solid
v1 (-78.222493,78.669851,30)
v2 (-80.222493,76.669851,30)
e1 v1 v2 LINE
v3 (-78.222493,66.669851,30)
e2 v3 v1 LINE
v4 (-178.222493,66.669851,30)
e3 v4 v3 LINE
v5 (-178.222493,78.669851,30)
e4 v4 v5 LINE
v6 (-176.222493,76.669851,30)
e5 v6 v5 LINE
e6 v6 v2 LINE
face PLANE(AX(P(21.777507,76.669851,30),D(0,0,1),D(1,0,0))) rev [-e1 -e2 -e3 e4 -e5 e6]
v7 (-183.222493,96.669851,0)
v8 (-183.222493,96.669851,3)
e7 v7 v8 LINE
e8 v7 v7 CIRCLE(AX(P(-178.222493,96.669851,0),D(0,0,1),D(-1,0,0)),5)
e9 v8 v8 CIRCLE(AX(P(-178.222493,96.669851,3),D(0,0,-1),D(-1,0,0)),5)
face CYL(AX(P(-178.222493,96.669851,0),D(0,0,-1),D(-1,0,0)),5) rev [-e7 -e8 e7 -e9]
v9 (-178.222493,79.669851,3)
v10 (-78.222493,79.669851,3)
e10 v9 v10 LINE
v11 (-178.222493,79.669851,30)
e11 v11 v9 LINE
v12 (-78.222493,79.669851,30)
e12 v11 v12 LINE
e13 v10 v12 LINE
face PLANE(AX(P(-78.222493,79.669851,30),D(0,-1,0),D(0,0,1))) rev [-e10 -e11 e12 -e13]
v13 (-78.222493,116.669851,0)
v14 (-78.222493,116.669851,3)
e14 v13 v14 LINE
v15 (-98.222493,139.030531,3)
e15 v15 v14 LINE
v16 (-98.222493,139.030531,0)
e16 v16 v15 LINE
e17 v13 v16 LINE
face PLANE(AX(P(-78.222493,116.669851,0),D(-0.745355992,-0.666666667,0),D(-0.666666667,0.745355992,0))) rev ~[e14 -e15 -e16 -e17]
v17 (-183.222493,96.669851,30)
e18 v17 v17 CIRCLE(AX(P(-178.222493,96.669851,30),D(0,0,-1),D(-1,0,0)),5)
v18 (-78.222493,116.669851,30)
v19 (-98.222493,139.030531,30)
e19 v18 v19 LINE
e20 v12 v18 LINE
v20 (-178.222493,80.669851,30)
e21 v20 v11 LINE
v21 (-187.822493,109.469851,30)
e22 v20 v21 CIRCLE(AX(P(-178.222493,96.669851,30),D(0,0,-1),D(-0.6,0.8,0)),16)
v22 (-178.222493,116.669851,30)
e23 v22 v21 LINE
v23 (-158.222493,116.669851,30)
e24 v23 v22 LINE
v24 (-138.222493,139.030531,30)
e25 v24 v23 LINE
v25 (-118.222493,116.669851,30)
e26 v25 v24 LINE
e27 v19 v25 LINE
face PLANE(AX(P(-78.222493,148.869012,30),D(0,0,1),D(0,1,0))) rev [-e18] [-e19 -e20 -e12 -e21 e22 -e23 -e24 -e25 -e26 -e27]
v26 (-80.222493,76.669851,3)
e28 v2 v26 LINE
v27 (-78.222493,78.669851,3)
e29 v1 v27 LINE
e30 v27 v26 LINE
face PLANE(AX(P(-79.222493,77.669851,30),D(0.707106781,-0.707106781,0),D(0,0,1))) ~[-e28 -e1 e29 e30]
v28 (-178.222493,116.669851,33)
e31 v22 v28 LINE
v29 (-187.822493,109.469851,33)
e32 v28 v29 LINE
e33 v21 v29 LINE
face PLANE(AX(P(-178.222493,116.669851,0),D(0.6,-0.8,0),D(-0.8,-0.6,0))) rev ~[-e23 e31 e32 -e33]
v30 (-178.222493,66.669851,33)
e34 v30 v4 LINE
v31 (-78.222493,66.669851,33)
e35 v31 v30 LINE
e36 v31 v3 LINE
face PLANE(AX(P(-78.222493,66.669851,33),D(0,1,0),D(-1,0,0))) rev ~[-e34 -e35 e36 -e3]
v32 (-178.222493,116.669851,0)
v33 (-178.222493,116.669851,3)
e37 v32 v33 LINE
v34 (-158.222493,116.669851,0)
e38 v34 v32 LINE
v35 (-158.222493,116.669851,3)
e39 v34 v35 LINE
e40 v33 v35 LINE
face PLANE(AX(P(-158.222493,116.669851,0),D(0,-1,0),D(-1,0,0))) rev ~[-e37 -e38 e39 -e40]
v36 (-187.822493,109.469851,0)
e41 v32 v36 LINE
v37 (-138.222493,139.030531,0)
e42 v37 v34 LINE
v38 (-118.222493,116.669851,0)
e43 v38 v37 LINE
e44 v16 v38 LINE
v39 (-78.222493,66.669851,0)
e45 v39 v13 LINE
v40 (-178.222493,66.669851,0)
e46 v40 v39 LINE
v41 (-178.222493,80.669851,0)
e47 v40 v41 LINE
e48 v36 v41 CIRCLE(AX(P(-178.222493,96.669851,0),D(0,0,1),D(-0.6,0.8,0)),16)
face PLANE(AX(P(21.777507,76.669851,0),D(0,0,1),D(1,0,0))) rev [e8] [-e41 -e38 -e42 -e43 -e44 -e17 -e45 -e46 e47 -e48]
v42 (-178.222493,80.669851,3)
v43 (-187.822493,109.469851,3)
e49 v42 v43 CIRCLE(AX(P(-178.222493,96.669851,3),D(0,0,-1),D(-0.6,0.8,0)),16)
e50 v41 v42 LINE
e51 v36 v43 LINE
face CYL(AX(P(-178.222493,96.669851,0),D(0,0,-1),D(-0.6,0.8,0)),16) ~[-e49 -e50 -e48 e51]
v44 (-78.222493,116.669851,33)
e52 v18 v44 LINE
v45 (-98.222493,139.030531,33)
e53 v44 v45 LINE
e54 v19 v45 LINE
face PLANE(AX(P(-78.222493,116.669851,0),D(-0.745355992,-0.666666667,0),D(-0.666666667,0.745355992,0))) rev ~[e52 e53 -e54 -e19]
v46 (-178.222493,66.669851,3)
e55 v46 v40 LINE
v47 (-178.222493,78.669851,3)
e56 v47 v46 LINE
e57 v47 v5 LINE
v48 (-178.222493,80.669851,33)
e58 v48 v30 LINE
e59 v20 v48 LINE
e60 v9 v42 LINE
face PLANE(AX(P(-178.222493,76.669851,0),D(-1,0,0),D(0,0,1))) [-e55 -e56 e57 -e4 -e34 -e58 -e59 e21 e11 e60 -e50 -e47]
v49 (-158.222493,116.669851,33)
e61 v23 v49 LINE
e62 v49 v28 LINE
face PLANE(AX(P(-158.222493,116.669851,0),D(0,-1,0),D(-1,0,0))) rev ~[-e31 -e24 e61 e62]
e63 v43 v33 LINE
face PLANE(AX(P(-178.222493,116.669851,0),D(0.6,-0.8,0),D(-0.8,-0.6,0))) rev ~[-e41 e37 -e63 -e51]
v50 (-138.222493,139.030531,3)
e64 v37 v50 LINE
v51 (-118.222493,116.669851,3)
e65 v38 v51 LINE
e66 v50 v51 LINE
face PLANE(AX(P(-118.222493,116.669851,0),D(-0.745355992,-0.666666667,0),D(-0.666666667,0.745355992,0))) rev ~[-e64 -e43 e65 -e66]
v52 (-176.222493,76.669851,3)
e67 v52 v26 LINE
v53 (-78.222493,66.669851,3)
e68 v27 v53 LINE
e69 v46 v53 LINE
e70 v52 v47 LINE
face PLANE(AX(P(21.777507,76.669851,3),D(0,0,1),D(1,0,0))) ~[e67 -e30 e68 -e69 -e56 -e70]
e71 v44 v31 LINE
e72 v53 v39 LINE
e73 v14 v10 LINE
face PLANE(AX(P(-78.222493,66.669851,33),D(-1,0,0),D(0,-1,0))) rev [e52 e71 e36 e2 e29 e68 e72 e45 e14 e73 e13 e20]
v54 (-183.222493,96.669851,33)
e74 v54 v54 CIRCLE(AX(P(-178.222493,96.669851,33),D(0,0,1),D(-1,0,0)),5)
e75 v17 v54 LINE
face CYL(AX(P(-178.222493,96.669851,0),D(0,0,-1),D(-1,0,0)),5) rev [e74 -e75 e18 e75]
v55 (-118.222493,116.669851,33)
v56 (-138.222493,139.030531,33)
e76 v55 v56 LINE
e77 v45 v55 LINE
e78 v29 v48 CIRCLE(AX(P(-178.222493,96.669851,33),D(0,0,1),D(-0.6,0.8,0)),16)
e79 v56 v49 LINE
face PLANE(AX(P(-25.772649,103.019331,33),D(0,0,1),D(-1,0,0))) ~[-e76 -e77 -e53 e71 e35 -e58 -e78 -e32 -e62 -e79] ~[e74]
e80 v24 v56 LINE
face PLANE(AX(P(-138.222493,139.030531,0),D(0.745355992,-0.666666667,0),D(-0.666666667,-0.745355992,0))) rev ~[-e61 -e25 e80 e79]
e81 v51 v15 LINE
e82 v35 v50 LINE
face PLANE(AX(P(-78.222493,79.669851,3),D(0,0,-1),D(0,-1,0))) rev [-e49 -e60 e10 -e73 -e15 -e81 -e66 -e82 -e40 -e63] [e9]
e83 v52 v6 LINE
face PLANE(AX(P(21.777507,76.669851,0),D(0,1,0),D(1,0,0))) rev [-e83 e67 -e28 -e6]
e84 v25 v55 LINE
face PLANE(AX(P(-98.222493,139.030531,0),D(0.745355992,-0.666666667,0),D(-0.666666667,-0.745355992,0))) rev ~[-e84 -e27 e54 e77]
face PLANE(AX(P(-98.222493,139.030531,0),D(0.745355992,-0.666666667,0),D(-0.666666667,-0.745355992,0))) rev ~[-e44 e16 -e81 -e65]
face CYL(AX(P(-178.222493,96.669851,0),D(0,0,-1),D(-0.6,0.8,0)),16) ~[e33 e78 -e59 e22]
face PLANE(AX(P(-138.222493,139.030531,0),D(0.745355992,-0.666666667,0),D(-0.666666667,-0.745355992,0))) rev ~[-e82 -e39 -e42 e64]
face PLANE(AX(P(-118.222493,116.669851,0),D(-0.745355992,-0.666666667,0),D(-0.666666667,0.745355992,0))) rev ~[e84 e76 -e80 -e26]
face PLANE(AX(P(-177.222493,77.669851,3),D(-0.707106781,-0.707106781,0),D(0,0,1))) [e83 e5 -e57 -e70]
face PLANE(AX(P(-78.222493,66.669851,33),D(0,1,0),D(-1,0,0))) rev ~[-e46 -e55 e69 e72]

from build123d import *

# Parameters (mm, degrees)
F0_R      = 5
F1_DEPTH  = 33
F5_W      = 100
F5_H      = 3
F6_DEPTH  = 28
F7_W      = 100
F7_H      = 3
F8_DEPTH  = 10
F7_H_2    = 33
F13_DEPTH = 116.001
F14_W     = 100
F14_H     = 3
F15_DEPTH = 10
F18_DEPTH = 33.001
F21_DEPTH = 33.001
F24_DEPTH = 33.001
F25_SIZE  = 2


with BuildPart() as f1:
    # F0 (on Top) → F1 (new body)
    with BuildSketch(Plane.XY):
        with BuildLine():
            Line((21.777506699, 52.6698508731), (21.777506699, 56.6698508731))
            Line((21.777506699, 56.6698508731), (-78.222493301, 56.6698508731))
            Line((-78.222493301, 56.6698508731), (-78.222493301, 16.6698508731))
            Line((-78.222493301, 16.6698508731), (-58.222493301, -5.6908289019))
            Line((-58.222493301, -5.6908289019), (-38.222493301, 16.6698508731))
            Line((-38.222493301, 16.6698508731), (-18.222493301, -5.6908289019))
            Line((-18.222493301, -5.6908289019), (1.777506699, 16.6698508731))
            Line((1.777506699, 16.6698508731), (21.777506699, 16.6698508731))
            Line((21.777506699, 16.6698508731), (31.377506699, 23.8698508731))
            ThreePointArc((31.377506699, 23.8698508731), (36.9564394679, 41.7294951294), (21.777506699, 52.6698508731))
        make_face()
        with Locations((21.777506699, 36.6698508731)):
            Circle(F0_R, mode=Mode.SUBTRACT)
    extrude(amount=F1_DEPTH)


with BuildPart() as f2_1:
    # F2: copy of F1
    add(f1.part.moved(Location((0, 0, 28))))


with BuildPart() as f4_1:
    # F4: copy of F1
    add(f1.part.moved(Location((0, 0, 34))))


with BuildPart() as f6:
    # F5 (on face) → F6 (new body)
    with BuildSketch(Plane.XY.offset(33)):
        with Locations((-28.222493301, 55.1698508731)):
            Rectangle(F5_W, F5_H)
    extrude(amount=F6_DEPTH)


with BuildPart() as f8:
    # F7 (on face) → F8 (new body)
    with BuildSketch(Plane(origin=(0, 56.6698508731, 0), x_dir=(-1, 0, 0), z_dir=(0, 1, 0))):
        with Locations((28.222493301, 62.5)):
            Rectangle(F7_W, F7_H)
    extrude(amount=F8_DEPTH)


with BuildPart() as f8b:
    # F7 (on face) → F8, piece 2 (new body)
    with BuildSketch(Plane(origin=(0, 56.6698508731, 0), x_dir=(-1, 0, 0), z_dir=(0, 1, 0))):
        with Locations((28.222493301, 16.5)):
            Rectangle(F7_W, F7_H_2)
    extrude(amount=F8_DEPTH)


with BuildPart() as f1_1:
    add(f1.part)

    # F12 (on face) → F13 (cut, through all)
    with BuildSketch(Plane(origin=(-78.222493301, 0, 0), x_dir=(0, -1, 0), z_dir=(-1, 0, 0))):
        Polygon((15.5293103307, 30), (-53.6698508731, 30), (-53.6698508731, 3), (13.7041052803, 3), align=None)
    extrude(amount=-F13_DEPTH, mode=Mode.SUBTRACT)

    # F14 (on face) → F15 (join)
    with BuildSketch(Plane(origin=(0, 56.6698508731, 0), x_dir=(-1, 0, 0), z_dir=(0, 1, 0))):
        with Locations((28.222493301, 1.5)):
            Rectangle(F14_W, F14_H)
        with Locations((28.222493301, 31.5)):
            Rectangle(F14_W, F14_H)
    extrude(amount=F15_DEPTH)

    # F16: F1 across face


with BuildPart() as f1_2:
    add(f1_1.part)
    add(f1_1.part.mirror(Plane(origin=(-78.222493301, 44.5399296132, 16.5), x_dir=(0, -1, 0), z_dir=(-1, 0, 0))))

    # F17 (on face) → F18 (cut, through all)
    with BuildSketch(Plane.XY.offset(33)):
        Polygon((-78.222493301, 86.7001339793), (-78.222493301, 16.6698508731), (-78.222493301, -27.7220606804), (68.2113543153, -27.7220606804), (68.2113543153, 86.7001339793), align=None)
    extrude(amount=-F18_DEPTH, mode=Mode.SUBTRACT)

    # F19: F1 across face


with BuildPart() as f1_3:
    add(f1_2.part)
    add(f1_2.part.mirror(Plane(origin=(-78.222493301, 44.5399296132, 16.5), x_dir=(0, 1, 0), z_dir=(1, 0, 0))))

    # F20 (on face) → F21 (cut, through all)
    with BuildSketch(Plane.XY.offset(33)):
        Polygon((54.2253777385, 66.6698508731), (-78.222493301, 66.6698508731), (-78.222493301, -28.4001789987), (54.2253777385, -31.8515859544), align=None)
    extrude(amount=-F21_DEPTH, mode=Mode.SUBTRACT)

    # F22: F1 across face


with BuildPart() as f1_4:
    add(f1_3.part)
    add(f1_3.part.mirror(Plane(origin=(-128.222493301, 66.6698508731, 31.5), x_dir=(-1, 0, 0), z_dir=(0, 1, 0))))

    # F23 (on face) → F24 (cut, through all)
    with BuildSketch(Plane.XY.offset(33)):
        Polygon((-78.222493301, -18.2117372751), (-78.222493301, 66.6698508731), (-239.6576553583, 66.6698508731), (-202.1560966969, -18.2117372751), align=None)
    extrude(amount=-F24_DEPTH, mode=Mode.SUBTRACT)

    # F25
    f25_edges = [f1_4.edges().sort_by_distance(p)[0] for p in [
        (-178.222493, 76.669851, 16.5),
        (-78.222493, 76.669851, 16.5),
    ]]
    chamfer(f25_edges, length=F25_SIZE)


solid = f1_4.part
